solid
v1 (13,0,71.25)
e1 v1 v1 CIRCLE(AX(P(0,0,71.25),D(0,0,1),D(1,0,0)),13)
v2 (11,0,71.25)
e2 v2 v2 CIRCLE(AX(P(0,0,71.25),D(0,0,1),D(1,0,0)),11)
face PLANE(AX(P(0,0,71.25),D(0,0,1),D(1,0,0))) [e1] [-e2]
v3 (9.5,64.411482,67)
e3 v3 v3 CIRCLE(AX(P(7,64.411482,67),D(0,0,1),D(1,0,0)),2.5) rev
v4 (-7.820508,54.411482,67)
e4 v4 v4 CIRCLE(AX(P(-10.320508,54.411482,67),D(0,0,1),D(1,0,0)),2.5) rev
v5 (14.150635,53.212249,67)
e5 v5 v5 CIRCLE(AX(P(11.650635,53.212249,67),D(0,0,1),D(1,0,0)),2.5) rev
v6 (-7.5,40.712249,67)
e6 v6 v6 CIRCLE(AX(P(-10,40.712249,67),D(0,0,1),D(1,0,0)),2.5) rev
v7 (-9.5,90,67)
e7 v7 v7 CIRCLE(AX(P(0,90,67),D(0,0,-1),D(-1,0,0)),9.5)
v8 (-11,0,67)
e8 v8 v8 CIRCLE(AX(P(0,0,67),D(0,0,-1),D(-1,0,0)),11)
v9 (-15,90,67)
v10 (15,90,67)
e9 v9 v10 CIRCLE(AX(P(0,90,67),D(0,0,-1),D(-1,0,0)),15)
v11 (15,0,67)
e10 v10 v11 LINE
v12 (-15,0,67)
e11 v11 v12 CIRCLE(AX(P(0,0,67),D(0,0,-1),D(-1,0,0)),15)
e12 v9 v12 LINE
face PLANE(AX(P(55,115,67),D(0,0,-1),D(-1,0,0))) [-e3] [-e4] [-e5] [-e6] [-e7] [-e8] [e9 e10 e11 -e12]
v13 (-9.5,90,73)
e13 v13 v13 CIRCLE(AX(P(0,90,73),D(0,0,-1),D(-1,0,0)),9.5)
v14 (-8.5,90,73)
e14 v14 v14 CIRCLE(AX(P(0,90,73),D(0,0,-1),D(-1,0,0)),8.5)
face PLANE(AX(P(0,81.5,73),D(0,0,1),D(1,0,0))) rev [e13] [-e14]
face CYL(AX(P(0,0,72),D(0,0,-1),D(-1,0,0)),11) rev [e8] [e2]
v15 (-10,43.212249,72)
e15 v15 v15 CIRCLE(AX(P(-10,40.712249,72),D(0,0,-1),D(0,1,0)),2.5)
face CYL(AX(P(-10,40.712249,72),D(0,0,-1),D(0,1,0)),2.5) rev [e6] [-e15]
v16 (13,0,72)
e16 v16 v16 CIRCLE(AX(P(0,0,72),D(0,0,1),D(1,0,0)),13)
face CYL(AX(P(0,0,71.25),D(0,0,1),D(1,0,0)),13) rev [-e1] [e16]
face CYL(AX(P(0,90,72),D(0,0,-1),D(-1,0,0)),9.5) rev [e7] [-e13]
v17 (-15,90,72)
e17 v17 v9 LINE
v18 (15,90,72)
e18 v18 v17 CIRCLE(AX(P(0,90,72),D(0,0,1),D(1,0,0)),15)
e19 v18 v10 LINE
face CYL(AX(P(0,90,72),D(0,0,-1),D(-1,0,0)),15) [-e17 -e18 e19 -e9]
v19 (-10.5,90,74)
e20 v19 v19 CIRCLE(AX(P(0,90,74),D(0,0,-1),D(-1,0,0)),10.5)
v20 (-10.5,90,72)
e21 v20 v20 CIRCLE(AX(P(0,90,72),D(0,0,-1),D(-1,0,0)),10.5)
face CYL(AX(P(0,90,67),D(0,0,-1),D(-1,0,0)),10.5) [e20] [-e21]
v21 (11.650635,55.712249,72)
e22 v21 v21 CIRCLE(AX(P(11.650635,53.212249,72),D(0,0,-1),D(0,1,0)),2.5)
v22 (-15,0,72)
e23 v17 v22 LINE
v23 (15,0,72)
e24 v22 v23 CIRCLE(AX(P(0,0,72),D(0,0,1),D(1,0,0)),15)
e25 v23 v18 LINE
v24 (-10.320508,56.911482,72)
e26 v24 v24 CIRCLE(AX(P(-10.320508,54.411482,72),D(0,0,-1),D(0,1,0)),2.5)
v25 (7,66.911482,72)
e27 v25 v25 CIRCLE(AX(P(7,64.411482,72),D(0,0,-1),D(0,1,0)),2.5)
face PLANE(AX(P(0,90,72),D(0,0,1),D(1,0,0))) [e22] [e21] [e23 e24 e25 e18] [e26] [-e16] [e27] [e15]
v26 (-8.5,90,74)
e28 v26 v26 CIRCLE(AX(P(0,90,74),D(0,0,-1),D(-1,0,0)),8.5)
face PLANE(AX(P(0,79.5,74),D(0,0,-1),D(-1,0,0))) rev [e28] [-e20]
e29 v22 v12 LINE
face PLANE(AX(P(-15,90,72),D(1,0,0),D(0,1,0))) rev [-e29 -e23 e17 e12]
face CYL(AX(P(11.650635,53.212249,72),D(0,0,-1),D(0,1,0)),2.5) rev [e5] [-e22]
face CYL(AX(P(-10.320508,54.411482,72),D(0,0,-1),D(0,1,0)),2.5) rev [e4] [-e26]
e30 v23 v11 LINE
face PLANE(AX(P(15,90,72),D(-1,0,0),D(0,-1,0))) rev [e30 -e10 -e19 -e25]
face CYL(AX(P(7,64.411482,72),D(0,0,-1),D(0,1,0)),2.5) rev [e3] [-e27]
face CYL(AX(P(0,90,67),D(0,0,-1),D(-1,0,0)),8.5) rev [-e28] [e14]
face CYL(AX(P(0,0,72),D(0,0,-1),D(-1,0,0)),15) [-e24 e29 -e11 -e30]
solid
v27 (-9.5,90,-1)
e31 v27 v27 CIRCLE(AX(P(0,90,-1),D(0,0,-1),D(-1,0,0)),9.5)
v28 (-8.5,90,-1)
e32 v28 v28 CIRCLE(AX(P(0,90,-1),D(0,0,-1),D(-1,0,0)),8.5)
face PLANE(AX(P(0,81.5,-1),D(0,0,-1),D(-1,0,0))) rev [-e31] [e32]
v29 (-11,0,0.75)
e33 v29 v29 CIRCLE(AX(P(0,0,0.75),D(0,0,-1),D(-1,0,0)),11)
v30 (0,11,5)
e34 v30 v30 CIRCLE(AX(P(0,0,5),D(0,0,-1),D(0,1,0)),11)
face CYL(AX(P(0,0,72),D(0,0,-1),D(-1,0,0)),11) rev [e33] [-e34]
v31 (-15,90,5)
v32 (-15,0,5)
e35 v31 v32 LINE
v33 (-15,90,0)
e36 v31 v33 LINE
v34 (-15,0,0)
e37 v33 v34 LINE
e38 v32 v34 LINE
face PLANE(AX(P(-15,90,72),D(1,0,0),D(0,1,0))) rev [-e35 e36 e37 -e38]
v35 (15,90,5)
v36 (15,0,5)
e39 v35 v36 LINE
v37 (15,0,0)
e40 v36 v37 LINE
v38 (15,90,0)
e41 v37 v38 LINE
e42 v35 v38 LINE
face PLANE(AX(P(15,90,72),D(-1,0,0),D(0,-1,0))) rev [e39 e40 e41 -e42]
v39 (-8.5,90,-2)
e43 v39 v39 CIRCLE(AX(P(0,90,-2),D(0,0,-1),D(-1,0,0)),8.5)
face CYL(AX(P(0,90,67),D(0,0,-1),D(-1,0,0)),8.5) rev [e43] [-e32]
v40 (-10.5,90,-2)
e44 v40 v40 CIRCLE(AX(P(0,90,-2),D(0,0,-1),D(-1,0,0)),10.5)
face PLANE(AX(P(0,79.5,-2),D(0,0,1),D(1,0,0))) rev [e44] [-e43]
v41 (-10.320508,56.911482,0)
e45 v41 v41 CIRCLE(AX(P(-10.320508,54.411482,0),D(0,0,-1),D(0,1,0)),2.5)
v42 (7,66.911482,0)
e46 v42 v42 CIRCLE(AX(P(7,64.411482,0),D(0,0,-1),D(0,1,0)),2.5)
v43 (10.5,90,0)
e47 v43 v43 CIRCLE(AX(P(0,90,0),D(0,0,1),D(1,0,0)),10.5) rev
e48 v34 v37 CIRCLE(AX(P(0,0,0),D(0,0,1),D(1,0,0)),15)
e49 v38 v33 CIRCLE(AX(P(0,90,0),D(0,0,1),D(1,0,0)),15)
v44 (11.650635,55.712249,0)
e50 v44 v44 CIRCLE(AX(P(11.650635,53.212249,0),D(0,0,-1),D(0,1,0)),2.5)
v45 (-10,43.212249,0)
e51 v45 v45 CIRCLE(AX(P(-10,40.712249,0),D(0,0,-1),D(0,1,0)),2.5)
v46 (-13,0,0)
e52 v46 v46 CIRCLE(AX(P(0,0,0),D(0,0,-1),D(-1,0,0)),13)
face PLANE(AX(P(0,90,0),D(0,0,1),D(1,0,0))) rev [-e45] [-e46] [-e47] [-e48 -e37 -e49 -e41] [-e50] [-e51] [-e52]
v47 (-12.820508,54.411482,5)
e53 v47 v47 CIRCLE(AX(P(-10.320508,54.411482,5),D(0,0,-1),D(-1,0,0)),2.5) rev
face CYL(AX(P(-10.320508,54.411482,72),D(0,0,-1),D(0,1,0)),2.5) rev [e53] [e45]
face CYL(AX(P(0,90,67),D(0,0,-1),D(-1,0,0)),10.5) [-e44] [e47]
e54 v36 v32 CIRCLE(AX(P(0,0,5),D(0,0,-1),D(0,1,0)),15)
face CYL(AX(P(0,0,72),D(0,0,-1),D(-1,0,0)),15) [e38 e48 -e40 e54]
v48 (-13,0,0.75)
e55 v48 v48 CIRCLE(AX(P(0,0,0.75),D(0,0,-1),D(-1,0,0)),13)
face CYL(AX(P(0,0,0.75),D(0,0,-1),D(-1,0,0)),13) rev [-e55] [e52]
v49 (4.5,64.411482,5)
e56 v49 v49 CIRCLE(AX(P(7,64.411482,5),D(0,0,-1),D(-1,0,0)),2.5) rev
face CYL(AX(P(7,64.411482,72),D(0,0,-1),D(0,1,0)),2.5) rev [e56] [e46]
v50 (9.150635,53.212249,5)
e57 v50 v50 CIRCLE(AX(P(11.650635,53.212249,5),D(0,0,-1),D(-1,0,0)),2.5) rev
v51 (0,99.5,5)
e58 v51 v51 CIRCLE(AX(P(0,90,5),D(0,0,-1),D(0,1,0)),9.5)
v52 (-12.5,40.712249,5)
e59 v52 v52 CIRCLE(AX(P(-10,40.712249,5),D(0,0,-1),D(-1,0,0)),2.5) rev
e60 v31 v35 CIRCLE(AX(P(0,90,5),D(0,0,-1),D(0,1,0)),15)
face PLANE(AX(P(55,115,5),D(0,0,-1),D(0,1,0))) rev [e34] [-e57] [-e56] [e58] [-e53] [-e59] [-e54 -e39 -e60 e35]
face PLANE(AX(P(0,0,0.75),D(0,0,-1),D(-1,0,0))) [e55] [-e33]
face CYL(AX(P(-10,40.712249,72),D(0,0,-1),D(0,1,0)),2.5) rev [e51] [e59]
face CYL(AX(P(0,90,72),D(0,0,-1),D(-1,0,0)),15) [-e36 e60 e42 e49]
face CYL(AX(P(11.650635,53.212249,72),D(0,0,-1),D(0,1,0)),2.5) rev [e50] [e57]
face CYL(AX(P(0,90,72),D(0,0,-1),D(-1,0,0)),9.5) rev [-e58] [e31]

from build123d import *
from build123d.topology import SkipClean

# Parameters (mm, degrees)
SKETCH_1_R               = 11
SKETCH_1_R_2             = 9.5
EXTRUDE_1_DEPTH          = 72
SKETCH_2_W               = 62
SKETCH_2_H               = 70
SKETCH_2_H_2             = 67.94057246
CUT_EXTRUDE_1_DEPTH      = 70
EXTRUDE_2_DEPTH          = 62
EXTRUDE_3_DEPTH          = 62
CUT_EXTRUDE_3_DEPTH      = 130.811063026
CUT_EXTRUDE_3_DEPTH_BACK = 130.811063026
SKETCH_6_R               = 2.5
CUT_EXTRUDE_4_DEPTH      = 136.359998088
CUT_EXTRUDE_4_DEPTH_BACK = 136.359998088
SKETCH_7_W               = 62
SKETCH_7_H               = 120
SKETCH_8_R               = 13
CUT_EXTRUDE_5_DEPTH      = 0.75
SKETCH_9_R               = 13
CUT_EXTRUDE_6_DEPTH      = 0.75


with BuildPart() as part:
    # 草图1 → 凸台-拉伸1 (new body)
    with BuildSketch(Plane.XY):
        with BuildLine():
            Line((-15, 90), (-15, 0))
            ThreePointArc((-15, 0), (0, -15), (15, 0))
            Line((15, 0), (15, 90))
            ThreePointArc((15, 90), (0, 105), (-15, 90))
        make_face()
        Circle(SKETCH_1_R, mode=Mode.SUBTRACT)
        with Locations((0, 90)):
            Circle(SKETCH_1_R_2, mode=Mode.SUBTRACT)
    extrude(amount=EXTRUDE_1_DEPTH)

    # 草图2 → 切除-拉伸1 (cut)
    with BuildSketch(Plane.ZY.offset(15)):
        with Locations((36, 80)):
            Rectangle(SKETCH_2_W, SKETCH_2_H)
        with Locations((36, 11.02971377)):
            Rectangle(SKETCH_2_W, SKETCH_2_H_2)
    extrude(amount=-CUT_EXTRUDE_1_DEPTH, mode=Mode.SUBTRACT)


with BuildPart() as cut_extrude_1_piece_1:
    # of the separate pieces the step leaves, piece 1, a body of its own (cut_extrude_1_pieces)
    add(part.part.solids().sort_by_distance((15, 0, 0))[0])



with BuildPart() as cut_extrude_1_piece_2:
    # of the separate pieces the step leaves, piece 2, a body of its own (cut_extrude_1_pieces)
    add(part.part.solids().sort_by_distance((15, 0, 67))[0])


with BuildPart() as cut_extrude_1_piece_1_1:
    add(cut_extrude_1_piece_1.part)

    add(cut_extrude_1_piece_2.part)  # 凸台-拉伸2 merges 切除-拉伸1 piece 2
    # 草图4 → 凸台-拉伸2 (add)
    with BuildSketch(Plane(origin=(0, 0, 67), x_dir=(-1, 0, 0), z_dir=(0, 0, -1))):
        with BuildLine():
            Line((-4.490156776, 68.758657712), (15, 57.50601045))
            Line((15, 57.50601045), (36.319312502, 12.911360415))
            ThreePointArc((36.319312502, 12.911360415), (35.142094618, 9.577570071), (31.808304274, 10.754787955))
            Line((31.808304274, 10.754787955), (15, 45.913541163))
            Line((15, 45.913541163), (-9.509843224, 60.064305746))
            ThreePointArc((-9.509843224, 60.064305746), (-11.347175983, 66.921324953), (-4.490156776, 68.758657712))
        make_face()
    extrude(amount=EXTRUDE_2_DEPTH)

    # 草图5 → 凸台-拉伸3 (add)
    with BuildSketch(Plane(origin=(0, 0, 67), x_dir=(-1, 0, 0), z_dir=(0, 0, -1))):
        with BuildLine():
            Line((-30.017605928, 49.094069219), (-15, 60.919508718))
            Line((-15, 60.919508718), (12.5, 45.042376315))
            ThreePointArc((12.5, 45.042376315), (14.330127019, 38.212249296), (7.5, 36.382122277))
            Line((7.5, 36.382122277), (-15, 49.372503334))
            Line((-15, 49.372503334), (-27.615908762, 44.780688066))
            ThreePointArc((-27.615908762, 44.780688066), (-30.655195979, 45.913733224), (-30.017605928, 49.094069219))
        make_face()
    extrude(amount=EXTRUDE_3_DEPTH)

    # 草图6 → 切除-拉伸3 (cut, two sides: drawn at the far end of the back side and taken through both)
    with BuildSketch(Plane(origin=(0, 0, 67), x_dir=(-1, 0, 0), z_dir=(0, 0, -1)).offset(-CUT_EXTRUDE_3_DEPTH_BACK)):
        with Locations(Location((-7, 64.411481729, 0), (0, 0, 90))):
            Circle(SKETCH_6_R)
        with Locations(Location((-11.650635095, 53.212249296, 0), (0, 0, 90))):
            Circle(SKETCH_6_R)
        with Locations(Location((10, 40.712249296, 0), (0, 0, 90))):
            Circle(SKETCH_6_R)
        with Locations(Location((10.320508076, 54.411481729, 0), (0, 0, 90))):
            Circle(SKETCH_6_R)
    extrude(amount=CUT_EXTRUDE_3_DEPTH + CUT_EXTRUDE_3_DEPTH_BACK, mode=Mode.SUBTRACT)

    # 草图7 → 切除-拉伸4 (cut, two sides: drawn at the far end of the back side and taken through both)
    with BuildSketch(Plane.ZY.offset(15).offset(-CUT_EXTRUDE_4_DEPTH_BACK)):
        with Locations((36, 45)):
            Rectangle(SKETCH_7_W, SKETCH_7_H)
    extrude(amount=CUT_EXTRUDE_4_DEPTH + CUT_EXTRUDE_4_DEPTH_BACK, mode=Mode.SUBTRACT)


with BuildPart() as cut_extrude_4_piece_1:
    # of the separate pieces the step leaves, piece 1, a body of its own (cut_extrude_4_pieces)
    add(cut_extrude_1_piece_1_1.part.solids().sort_by_distance((-15, 90, 5))[0])

    # 草图9 → 切除-拉伸6 (cut)
    with BuildSketch(Plane(origin=(0, 0, 0), x_dir=(-1, 0, 0), z_dir=(0, 0, -1))):
        Circle(SKETCH_9_R)
    extrude(amount=-CUT_EXTRUDE_6_DEPTH, mode=Mode.SUBTRACT)



with BuildPart() as cut_extrude_4_piece_2:
    # of the separate pieces the step leaves, piece 2, a body of its own (cut_extrude_4_pieces)
    add(cut_extrude_1_piece_1_1.part.solids().sort_by_distance((15, 0, 67))[0])

    # 草图8 → 切除-拉伸5 (cut)
    with BuildSketch(Plane.XY.offset(72)):
        Circle(SKETCH_8_R)
    extrude(amount=-CUT_EXTRUDE_5_DEPTH, mode=Mode.SUBTRACT)


with BuildPart() as cut_extrude_4_piece_1_1:
    with SkipClean():  # the faces are left unmerged after this step: merging them gives an invalid solid
        add(cut_extrude_4_piece_1.part)

        add(cut_extrude_4_piece_2.part)  # 旋转1 merges 切除-拉伸4 piece 2
        # 草图10 → 旋转1 (revolve)
        with BuildSketch(Plane(origin=(0, 0, 0), x_dir=(0, 0, -1), z_dir=(1, 0, 0)), mode=Mode.PRIVATE) as revolve_1_sk:
            Polygon((0, 79.5), (2, 79.5), (2, 81.5), (1, 81.5), (1, 80.5), (0, 80.5), align=None)
            Polygon((-72, 79.5), (-74, 79.5), (-74, 81.5), (-73, 81.5), (-73, 80.5), (-72, 80.5), align=None)
        revolve(revolve_1_sk.sketch.rotate(Axis((0, 90, 67), (0, 0, 1)), 270), axis=Axis((0, 90, 67), (0, 0, 1)))


solid = cut_extrude_4_piece_1_1.part
